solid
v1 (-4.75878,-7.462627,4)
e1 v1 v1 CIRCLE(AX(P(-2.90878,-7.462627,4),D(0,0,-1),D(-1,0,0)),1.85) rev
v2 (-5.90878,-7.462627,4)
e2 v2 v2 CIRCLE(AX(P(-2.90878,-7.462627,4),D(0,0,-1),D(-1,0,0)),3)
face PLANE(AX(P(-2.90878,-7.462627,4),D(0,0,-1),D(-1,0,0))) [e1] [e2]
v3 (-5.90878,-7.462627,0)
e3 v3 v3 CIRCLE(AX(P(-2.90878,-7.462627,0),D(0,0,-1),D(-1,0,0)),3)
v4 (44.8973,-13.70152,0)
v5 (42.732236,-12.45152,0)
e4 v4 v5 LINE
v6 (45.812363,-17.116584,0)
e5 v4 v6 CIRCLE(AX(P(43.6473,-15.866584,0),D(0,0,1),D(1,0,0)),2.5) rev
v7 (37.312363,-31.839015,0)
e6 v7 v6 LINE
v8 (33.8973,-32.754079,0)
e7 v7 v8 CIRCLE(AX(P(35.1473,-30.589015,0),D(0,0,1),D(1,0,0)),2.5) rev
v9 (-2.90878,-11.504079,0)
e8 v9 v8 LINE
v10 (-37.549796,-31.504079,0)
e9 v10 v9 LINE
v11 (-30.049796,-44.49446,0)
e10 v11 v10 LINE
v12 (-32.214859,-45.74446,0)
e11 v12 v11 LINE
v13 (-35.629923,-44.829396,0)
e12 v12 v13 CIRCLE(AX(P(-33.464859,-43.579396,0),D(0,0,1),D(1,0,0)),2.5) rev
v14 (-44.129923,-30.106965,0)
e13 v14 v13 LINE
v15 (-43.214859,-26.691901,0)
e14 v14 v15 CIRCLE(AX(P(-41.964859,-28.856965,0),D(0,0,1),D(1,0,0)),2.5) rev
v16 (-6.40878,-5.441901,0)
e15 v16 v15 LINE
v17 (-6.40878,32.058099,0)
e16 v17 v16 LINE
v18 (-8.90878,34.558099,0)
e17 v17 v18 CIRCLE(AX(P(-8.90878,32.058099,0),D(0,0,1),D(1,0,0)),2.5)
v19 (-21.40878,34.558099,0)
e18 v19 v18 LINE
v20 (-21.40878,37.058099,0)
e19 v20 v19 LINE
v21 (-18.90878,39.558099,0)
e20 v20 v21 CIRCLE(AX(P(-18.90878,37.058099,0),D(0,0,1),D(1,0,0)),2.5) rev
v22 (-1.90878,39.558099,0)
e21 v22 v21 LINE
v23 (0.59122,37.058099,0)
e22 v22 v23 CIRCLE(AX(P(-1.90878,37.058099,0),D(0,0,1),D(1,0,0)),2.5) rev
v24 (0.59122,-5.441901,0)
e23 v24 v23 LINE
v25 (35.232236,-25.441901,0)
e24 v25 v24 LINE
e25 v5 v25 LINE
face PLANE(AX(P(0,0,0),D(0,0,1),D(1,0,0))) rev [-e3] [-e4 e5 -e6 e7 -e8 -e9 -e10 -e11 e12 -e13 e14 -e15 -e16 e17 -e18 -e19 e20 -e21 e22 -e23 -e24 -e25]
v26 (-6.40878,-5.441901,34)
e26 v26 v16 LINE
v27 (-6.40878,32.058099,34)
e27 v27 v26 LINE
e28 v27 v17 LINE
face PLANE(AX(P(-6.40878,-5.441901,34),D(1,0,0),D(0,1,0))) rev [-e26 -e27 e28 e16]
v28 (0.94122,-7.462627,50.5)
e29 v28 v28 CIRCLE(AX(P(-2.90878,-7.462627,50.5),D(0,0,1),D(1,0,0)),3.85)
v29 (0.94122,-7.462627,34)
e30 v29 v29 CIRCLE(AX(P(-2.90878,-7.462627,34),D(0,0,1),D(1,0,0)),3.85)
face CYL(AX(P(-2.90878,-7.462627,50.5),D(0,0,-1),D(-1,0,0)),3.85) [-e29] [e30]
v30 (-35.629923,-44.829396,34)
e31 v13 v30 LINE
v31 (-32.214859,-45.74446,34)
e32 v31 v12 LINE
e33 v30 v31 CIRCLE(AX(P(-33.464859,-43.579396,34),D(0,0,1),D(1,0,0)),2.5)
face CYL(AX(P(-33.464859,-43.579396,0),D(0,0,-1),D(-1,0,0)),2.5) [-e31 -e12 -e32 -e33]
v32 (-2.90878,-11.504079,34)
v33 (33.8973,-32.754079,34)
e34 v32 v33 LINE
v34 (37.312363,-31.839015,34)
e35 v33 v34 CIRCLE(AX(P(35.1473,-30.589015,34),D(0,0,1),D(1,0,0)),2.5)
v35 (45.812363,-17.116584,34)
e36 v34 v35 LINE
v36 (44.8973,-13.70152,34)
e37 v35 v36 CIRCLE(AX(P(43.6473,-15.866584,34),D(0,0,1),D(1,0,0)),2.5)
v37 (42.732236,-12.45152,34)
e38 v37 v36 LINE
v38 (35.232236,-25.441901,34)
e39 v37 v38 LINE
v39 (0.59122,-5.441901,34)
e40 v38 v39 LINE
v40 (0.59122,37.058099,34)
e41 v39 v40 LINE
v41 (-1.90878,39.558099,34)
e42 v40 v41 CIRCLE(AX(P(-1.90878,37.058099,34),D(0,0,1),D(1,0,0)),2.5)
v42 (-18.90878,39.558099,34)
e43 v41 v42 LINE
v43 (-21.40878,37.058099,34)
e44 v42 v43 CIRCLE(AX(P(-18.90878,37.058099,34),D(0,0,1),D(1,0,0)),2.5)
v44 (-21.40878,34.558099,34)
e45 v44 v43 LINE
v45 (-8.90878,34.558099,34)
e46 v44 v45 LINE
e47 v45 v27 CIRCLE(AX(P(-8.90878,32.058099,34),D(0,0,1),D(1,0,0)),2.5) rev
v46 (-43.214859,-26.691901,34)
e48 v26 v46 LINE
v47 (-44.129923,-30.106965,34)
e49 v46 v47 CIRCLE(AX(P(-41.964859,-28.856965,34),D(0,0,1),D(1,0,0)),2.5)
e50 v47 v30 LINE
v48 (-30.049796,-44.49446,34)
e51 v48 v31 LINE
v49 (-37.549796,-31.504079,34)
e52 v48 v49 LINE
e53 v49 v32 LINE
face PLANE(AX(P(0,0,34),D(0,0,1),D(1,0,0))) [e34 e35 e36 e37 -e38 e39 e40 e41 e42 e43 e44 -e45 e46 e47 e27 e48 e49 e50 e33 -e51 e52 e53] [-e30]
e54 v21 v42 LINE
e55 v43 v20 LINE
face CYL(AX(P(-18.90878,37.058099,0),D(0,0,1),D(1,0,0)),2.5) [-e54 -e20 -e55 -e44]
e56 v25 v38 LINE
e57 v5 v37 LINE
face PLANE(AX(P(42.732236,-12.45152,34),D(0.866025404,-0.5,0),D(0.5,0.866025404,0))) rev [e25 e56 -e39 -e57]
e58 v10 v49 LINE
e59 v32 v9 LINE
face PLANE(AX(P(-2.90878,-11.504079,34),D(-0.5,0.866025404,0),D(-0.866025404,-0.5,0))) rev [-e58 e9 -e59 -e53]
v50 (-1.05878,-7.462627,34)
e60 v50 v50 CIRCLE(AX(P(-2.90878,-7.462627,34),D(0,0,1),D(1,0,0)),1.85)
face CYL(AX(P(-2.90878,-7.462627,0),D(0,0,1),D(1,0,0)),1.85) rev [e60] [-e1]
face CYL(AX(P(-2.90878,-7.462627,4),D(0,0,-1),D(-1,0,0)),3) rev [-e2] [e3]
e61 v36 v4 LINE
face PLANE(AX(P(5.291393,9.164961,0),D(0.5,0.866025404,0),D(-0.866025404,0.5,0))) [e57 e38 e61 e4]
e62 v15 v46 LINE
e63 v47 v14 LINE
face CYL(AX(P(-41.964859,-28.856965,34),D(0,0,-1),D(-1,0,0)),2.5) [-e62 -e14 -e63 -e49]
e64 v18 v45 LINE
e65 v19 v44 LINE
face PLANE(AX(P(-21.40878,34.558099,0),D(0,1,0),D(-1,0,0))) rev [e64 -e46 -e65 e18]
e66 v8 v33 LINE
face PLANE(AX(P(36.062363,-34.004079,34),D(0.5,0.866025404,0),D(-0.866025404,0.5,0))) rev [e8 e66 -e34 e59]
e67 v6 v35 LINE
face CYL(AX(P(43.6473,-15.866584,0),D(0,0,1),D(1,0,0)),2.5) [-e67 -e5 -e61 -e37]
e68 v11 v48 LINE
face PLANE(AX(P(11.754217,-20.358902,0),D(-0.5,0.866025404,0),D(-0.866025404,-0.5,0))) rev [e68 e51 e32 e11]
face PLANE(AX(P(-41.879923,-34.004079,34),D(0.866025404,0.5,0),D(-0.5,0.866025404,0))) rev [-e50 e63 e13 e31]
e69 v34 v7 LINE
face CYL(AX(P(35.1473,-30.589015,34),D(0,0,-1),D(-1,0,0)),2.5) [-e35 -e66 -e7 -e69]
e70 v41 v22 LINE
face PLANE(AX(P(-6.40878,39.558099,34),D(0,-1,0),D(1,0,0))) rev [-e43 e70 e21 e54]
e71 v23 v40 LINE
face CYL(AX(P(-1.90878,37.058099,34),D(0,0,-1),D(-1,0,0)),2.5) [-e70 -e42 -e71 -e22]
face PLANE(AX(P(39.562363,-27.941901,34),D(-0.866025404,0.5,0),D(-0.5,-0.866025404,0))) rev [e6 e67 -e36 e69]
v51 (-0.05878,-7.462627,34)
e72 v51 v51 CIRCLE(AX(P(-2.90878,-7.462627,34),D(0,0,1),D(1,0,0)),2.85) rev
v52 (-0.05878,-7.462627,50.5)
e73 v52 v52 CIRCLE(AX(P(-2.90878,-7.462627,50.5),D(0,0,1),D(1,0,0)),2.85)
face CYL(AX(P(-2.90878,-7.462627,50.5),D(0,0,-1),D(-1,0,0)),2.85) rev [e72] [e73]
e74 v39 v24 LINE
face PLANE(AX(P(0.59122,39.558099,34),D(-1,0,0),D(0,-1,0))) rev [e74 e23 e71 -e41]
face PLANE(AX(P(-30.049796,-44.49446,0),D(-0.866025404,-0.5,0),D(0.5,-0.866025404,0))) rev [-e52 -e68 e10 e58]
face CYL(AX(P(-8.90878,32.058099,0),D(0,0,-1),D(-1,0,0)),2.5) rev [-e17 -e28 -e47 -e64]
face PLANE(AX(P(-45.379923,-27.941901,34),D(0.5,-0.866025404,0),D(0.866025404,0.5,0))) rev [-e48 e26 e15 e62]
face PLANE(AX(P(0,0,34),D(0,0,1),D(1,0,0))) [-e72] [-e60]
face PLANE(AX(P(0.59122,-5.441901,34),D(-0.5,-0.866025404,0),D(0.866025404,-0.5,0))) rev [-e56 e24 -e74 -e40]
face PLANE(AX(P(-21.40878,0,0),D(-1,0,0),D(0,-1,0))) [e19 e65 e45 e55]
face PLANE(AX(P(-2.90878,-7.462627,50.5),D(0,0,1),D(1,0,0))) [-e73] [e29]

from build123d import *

# Parameters (mm, degrees)
EXTRUDE_1_DEPTH     = 34
SKETCH_4_R          = 3.85
SKETCH_4_R_2        = 2.85
EXTRUDE_2_DEPTH     = 16.5
SKETCH_5_R          = 1.85
CUT_EXTRUDE_2_DEPTH = 35
SKETCH_6_R          = 3
CUT_EXTRUDE_3_DEPTH = 4
SKETCH_7_W          = 34
SKETCH_7_H          = 5
EXTRUDE_3_DEPTH     = 15
FILLET_2_R          = 2.5
FILLET_3_R          = 2.5
FILLET_4_R          = 2.5
SKETCH_8_W          = 5
SKETCH_8_H          = 34
EXTRUDE_4_DEPTH     = 15
SKETCH_9_W          = 5
SKETCH_9_H          = 34
EXTRUDE_5_DEPTH     = 15
FILLET_5_R          = 2.5


with BuildPart() as part:
    # 草圖1 → 填料-伸長1 (new body)
    with BuildSketch(Plane.XY):
        Polygon((0.59122025, -5.441901053), (39.56236342, -27.941901053), (36.06236342, -34.00407888), (-2.90877975, -11.50407888), (-41.87992292, -34.00407888), (-45.37992292, -27.941901053), (-6.40877975, -5.441901053), (-6.40877975, 39.558098947), (0.59122025, 39.558098947), align=None)
    extrude(amount=EXTRUDE_1_DEPTH)

    # 草圖4 → 填料-伸長2 (add)
    with BuildSketch(Plane.XY.offset(34)):
        with Locations((-2.90877975, -7.462626996)):
            Circle(SKETCH_4_R)
        with Locations((-2.90877975, -7.462626996)):
            Circle(SKETCH_4_R_2, mode=Mode.SUBTRACT)
    extrude(amount=EXTRUDE_2_DEPTH)

    # 草圖5 → 除料-伸長2 (cut, through all)
    with BuildSketch(Plane.XY.offset(34)):
        with Locations((-2.90877975, -7.462626996)):
            Circle(SKETCH_5_R)
    extrude(amount=-CUT_EXTRUDE_2_DEPTH, mode=Mode.SUBTRACT)

    # 草圖6 → 除料-伸長3 (cut)
    with BuildSketch(Plane(origin=(0, 0, 0), x_dir=(-1, 0, 0), z_dir=(0, 0, -1))):
        with Locations((2.90877975, -7.462626996)):
            Circle(SKETCH_6_R)
    extrude(amount=-CUT_EXTRUDE_3_DEPTH, mode=Mode.SUBTRACT)

    # 草圖7 → 填料-伸長3 (add)
    with BuildSketch(Plane.ZY.offset(6.40877975)):
        with Locations((17, 37.058098947)):
            Rectangle(SKETCH_7_W, SKETCH_7_H)
    extrude(amount=EXTRUDE_3_DEPTH)

    # 圓角2
    fillet_2_edges = [part.edges().sort_by_distance(p)[0] for p in [
        (-21.40877975, 39.558098947, 17),
    ]]
    fillet(fillet_2_edges, radius=FILLET_2_R)

    # 圓角3
    fillet_3_edges = [part.edges().sort_by_distance(p)[0] for p in [
        (0.59122025, 39.558098947, 17),
    ]]
    fillet(fillet_3_edges, radius=FILLET_3_R)

    # 圓角4
    fillet_4_edges = [part.edges().sort_by_distance(p)[0] for p in [
        (-6.40877975, 34.558098947, 17),
    ]]
    fillet(fillet_4_edges, radius=FILLET_4_R)

    # 草圖8 → 填料-伸長4 (add)
    with BuildSketch(Plane(origin=(4.254217341, -7.368520581, 0), x_dir=(0.866025404, 0.5, 0), z_dir=(0.5, -0.866025404, 0))):
        with Locations((-50.771116598, 17)):
            Rectangle(SKETCH_8_W, SKETCH_8_H)
    extrude(amount=EXTRUDE_4_DEPTH)

    # 草圖9 → 填料-伸長5 (add)
    with BuildSketch(Plane(origin=(-2.208607216, -3.825419912, 0), x_dir=(0.866025404, -0.5, 0), z_dir=(0.5, 0.866025404, 0))):
        with Locations((45.732962282, -17)):
            Rectangle(SKETCH_9_W, SKETCH_9_H)
    extrude(amount=EXTRUDE_5_DEPTH)

    # 圓角5
    fillet_5_edges = [part.edges().sort_by_distance(p)[0] for p in [
        (36.06236342, -34.00407888, 17),
        (-45.37992292, -27.941901053, 17),
        (-34.37992292, -46.994459937, 17),
        (47.06236342, -14.951519997, 17),
    ]]
    fillet(fillet_5_edges, radius=FILLET_5_R)


solid = part.part
